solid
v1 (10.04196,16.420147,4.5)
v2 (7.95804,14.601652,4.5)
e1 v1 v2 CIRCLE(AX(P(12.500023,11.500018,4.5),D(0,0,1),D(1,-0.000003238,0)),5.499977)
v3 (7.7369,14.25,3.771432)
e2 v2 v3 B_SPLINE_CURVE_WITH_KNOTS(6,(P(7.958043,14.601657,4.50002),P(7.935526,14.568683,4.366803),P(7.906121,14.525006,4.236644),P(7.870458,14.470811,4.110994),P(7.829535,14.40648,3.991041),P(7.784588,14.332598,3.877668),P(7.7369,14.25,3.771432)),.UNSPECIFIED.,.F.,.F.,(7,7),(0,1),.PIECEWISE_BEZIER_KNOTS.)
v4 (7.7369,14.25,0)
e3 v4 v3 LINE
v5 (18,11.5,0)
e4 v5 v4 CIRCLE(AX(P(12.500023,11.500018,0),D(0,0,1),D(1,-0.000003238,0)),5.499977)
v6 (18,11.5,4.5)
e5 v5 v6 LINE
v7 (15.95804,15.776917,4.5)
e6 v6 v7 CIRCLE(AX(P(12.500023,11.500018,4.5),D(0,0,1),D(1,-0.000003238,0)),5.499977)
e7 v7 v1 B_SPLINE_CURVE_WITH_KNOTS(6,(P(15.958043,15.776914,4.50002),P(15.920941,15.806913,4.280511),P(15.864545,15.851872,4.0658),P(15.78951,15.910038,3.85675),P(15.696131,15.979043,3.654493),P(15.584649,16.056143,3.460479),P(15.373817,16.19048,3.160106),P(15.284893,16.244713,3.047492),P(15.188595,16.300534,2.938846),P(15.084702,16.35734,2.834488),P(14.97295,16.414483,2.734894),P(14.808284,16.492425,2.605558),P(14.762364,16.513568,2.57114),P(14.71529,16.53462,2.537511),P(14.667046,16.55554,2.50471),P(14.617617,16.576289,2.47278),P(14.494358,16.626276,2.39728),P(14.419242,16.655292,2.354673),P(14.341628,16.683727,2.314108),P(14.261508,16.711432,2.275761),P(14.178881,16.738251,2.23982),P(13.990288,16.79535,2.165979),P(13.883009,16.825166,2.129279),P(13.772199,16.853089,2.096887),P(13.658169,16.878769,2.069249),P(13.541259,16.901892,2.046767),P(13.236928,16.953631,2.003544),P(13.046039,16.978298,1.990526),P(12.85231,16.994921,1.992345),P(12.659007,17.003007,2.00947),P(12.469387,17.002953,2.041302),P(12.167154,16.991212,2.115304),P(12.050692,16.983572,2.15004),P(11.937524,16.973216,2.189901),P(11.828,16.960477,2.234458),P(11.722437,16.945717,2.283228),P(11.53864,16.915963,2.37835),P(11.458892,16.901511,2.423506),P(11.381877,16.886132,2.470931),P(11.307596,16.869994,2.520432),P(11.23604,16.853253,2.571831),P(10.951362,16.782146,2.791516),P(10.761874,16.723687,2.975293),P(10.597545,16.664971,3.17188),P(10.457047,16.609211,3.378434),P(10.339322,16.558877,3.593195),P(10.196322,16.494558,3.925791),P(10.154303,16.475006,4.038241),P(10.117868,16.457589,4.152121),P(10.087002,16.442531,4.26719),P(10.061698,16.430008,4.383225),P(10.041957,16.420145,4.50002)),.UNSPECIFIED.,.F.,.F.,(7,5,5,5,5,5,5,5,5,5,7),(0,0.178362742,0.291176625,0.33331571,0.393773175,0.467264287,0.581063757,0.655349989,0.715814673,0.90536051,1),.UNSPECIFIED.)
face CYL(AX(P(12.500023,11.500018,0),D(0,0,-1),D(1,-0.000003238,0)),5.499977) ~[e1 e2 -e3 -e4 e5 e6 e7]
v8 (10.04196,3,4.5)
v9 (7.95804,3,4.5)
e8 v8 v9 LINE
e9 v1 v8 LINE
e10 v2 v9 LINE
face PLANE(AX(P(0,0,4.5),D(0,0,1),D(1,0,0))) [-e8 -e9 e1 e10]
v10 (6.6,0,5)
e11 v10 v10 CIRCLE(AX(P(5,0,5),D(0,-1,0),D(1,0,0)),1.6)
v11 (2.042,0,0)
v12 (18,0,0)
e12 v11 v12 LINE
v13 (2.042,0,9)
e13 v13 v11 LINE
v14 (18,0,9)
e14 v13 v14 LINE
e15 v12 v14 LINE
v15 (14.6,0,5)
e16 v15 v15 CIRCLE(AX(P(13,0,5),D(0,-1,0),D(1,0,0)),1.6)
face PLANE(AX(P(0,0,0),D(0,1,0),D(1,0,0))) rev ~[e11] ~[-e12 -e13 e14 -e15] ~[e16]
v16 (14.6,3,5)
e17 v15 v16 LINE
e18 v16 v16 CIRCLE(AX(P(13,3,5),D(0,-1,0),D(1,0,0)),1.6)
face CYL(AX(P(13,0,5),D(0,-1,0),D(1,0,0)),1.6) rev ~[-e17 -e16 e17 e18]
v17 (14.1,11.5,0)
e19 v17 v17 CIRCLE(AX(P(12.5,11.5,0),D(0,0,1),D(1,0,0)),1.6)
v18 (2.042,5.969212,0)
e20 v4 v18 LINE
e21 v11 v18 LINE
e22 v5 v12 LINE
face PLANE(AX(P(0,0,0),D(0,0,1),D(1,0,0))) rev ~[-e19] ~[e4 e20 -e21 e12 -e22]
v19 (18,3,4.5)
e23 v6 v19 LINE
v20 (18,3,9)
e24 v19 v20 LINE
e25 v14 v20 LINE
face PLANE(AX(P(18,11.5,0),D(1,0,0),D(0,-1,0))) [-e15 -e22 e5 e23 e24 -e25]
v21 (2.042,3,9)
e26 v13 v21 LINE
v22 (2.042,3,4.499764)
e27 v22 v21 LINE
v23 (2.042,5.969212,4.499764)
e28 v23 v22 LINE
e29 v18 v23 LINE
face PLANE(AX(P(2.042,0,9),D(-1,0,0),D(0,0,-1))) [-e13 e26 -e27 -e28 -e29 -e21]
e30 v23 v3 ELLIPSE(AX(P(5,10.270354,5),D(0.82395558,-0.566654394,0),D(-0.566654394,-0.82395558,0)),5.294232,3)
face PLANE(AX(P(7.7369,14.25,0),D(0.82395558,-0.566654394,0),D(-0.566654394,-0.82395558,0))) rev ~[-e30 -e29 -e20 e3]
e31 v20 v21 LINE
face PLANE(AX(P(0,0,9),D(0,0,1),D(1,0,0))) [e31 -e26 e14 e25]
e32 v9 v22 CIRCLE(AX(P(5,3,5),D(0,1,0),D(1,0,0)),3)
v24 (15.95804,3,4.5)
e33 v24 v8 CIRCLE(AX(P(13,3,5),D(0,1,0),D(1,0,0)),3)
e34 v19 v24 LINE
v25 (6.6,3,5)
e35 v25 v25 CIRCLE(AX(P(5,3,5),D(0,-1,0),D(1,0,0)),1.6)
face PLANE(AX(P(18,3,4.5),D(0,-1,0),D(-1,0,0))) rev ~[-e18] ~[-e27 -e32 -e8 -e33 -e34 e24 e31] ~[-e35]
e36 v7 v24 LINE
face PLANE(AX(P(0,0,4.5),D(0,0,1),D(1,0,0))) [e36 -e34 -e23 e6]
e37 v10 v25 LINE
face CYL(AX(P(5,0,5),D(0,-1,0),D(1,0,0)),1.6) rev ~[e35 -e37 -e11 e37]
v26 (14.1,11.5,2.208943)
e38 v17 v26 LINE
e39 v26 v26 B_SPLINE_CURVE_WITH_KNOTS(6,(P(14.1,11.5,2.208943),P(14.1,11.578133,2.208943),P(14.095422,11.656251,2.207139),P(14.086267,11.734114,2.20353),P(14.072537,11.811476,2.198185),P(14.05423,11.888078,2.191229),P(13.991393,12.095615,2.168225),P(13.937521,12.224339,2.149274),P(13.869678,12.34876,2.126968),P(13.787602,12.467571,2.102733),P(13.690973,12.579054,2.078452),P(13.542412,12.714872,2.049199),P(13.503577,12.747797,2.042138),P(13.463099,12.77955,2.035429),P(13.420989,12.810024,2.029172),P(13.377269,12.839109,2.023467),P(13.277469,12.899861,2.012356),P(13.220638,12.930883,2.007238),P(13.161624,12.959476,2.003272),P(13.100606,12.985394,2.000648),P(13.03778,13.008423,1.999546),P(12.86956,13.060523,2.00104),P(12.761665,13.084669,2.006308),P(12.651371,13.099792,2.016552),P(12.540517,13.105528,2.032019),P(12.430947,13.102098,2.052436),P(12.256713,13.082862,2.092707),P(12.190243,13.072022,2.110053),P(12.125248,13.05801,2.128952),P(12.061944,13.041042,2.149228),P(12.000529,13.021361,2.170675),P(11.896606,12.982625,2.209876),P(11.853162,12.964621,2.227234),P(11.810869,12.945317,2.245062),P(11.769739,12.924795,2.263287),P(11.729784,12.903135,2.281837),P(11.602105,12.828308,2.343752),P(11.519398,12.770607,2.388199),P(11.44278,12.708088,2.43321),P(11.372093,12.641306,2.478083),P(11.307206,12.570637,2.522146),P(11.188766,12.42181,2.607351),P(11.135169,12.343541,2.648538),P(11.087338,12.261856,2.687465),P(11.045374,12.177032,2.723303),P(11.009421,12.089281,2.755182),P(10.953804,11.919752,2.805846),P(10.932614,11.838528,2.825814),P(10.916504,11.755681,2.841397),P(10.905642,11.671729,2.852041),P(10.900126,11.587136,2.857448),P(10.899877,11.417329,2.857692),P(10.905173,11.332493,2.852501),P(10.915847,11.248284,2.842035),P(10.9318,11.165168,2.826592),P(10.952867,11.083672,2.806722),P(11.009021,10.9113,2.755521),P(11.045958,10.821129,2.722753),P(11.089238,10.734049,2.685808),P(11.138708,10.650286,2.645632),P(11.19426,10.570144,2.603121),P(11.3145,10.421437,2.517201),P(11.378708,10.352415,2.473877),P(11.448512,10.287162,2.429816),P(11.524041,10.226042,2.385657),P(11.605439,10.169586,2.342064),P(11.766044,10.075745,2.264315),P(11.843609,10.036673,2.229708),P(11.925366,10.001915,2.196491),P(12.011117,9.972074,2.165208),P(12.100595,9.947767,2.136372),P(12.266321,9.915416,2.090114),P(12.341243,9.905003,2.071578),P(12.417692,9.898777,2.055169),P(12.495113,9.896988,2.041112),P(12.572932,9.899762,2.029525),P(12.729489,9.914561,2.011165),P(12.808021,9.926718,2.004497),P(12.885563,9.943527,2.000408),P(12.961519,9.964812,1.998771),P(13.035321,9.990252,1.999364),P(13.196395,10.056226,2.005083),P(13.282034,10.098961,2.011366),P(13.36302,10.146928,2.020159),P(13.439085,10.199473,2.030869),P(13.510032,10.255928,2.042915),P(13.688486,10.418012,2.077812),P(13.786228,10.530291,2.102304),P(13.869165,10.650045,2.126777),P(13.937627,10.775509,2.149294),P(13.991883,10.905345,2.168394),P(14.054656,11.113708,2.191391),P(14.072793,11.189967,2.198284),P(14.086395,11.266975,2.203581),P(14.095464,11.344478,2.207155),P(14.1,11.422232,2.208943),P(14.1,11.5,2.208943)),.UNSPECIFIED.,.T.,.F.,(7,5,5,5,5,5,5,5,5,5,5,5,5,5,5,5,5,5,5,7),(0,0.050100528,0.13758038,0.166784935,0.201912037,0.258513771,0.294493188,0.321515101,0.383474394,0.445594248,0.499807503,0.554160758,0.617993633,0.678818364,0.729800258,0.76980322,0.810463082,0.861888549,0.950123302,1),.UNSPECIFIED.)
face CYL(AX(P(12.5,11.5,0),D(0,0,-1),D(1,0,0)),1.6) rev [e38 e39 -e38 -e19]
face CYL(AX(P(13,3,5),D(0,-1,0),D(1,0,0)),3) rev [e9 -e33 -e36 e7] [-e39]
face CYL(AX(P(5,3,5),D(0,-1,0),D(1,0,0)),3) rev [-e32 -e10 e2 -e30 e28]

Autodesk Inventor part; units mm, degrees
ref_plane "YZ Plane" through (0, 0, 0) normal (1, 0, 0) x (0, 1, 0)
ref_plane "XZ Plane" through (0, 0, 0) normal (0, 1, 0) x (-1, 0, 0)
ref_plane "XY Plane" through (0, 0, 0) normal (0, 0, 1) x (1, 0, 0)
sketch "Sketch1" plane through (0, 0, 0) normal (0, 0, 1) x (1, 0, 0)
  circle A0 centre (12.5, 11.5) radius 1.6
  line L0 (0, 0) -> (18, 0)
  line L1 (0, 0) -> (0, 3)
  arc A1 (18, 11.5) -> (7.7369, 14.25) centre (12.5, 11.5) ccw
  line L2 (12.5, 11.5) -> (7.7369, 14.25) construction
  line L3 (12.5, 11.5) -> (18, 11.5) construction
  line L4 (7.7369, 14.25) -> (0, 3)
  line L5 (18, 11.5) -> (18, 0)
  dimension "d17" = 3
  dimension "d19" = 11.5
  dimension "d23" = 90
  dimension "d25" = 12.5
  dimension "d31" = 5.5
  dimension "d32" = 150
  dimension "d49" = 3.2
extrude "Extrusion1" add sketch "Sketch1" along normal blind 4.5
sketch "Sketch4" plane through (0, 0, 4.5) normal (0, 0, 1) x (1, 0, 0)
  line L0 (0, 3) -> (0, 0) projected
  line L1 (18, 0) -> (18, 3)
  line L2 (0, 0) -> (18, 0)
  line L3 (18, 0) -> (18, 3)
  line L4 (18, 3) -> (0, 3)
  line L5 (0, 3) -> (0, 0)
  line L6 (18, 0) -> (18, 11.5) projected
extrude "Extrusion2" add sketch "Sketch4" along normal blind 4.5
sketch "Sketch5" plane through (0, 0, 0) normal (0, -1, 0) x (1, 0, 0)
  circle A0 centre (5, 5) radius 1.6
  circle A1 centre (13, 5) radius 1.6
  line L0 (0, 0) -> (18, 0) projected
  point P0 (20.0001, 0)
  dimension "d13" = 3.2
  dimension "d14" = 3.2
  dimension "d38" = 5
  dimension "d39" = 5
  dimension "d50" = 8
extrude "Extrusion3" cut sketch "Sketch5" against normal through all
sketch "Sketch6" plane through (0, 3, 9) normal (0, 1, 0) x (1, 0, 0)
  circle A0 centre (5, 4) radius 1.6 projected
  circle A1 centre (5, 4) radius 3
  circle A2 centre (13, 4) radius 1.6 projected
  circle A3 centre (13, 4) radius 3
  line L0 (0, 9) -> (18, 9) projected
  point P0 (20.0001, 9)
  dimension "d34" = 6
  dimension "d35" = 6
  dimension "d40" = 5
  dimension "d41" = 5
extrude "Extrusion4" cut sketch "Sketch6" along normal up to next
sketch "Sketch7" plane through (0, 0, 0) normal (0, -1, 0) x (1, 0, 0)
  line L0 (0, 0) -> (0, 9) projected
  line L1 (2.042, 0) -> (0, 0)
  line L2 (0, 0) -> (0, 9)
  line L3 (0, 9) -> (2.042, 9)
  line L4 (2.042, 9) -> (2.042, 0)
extrude "Extrusion5" cut sketch "Sketch7" against normal up to next
properties part number "lower_deck_shaft_mount_v4_for_AD"
